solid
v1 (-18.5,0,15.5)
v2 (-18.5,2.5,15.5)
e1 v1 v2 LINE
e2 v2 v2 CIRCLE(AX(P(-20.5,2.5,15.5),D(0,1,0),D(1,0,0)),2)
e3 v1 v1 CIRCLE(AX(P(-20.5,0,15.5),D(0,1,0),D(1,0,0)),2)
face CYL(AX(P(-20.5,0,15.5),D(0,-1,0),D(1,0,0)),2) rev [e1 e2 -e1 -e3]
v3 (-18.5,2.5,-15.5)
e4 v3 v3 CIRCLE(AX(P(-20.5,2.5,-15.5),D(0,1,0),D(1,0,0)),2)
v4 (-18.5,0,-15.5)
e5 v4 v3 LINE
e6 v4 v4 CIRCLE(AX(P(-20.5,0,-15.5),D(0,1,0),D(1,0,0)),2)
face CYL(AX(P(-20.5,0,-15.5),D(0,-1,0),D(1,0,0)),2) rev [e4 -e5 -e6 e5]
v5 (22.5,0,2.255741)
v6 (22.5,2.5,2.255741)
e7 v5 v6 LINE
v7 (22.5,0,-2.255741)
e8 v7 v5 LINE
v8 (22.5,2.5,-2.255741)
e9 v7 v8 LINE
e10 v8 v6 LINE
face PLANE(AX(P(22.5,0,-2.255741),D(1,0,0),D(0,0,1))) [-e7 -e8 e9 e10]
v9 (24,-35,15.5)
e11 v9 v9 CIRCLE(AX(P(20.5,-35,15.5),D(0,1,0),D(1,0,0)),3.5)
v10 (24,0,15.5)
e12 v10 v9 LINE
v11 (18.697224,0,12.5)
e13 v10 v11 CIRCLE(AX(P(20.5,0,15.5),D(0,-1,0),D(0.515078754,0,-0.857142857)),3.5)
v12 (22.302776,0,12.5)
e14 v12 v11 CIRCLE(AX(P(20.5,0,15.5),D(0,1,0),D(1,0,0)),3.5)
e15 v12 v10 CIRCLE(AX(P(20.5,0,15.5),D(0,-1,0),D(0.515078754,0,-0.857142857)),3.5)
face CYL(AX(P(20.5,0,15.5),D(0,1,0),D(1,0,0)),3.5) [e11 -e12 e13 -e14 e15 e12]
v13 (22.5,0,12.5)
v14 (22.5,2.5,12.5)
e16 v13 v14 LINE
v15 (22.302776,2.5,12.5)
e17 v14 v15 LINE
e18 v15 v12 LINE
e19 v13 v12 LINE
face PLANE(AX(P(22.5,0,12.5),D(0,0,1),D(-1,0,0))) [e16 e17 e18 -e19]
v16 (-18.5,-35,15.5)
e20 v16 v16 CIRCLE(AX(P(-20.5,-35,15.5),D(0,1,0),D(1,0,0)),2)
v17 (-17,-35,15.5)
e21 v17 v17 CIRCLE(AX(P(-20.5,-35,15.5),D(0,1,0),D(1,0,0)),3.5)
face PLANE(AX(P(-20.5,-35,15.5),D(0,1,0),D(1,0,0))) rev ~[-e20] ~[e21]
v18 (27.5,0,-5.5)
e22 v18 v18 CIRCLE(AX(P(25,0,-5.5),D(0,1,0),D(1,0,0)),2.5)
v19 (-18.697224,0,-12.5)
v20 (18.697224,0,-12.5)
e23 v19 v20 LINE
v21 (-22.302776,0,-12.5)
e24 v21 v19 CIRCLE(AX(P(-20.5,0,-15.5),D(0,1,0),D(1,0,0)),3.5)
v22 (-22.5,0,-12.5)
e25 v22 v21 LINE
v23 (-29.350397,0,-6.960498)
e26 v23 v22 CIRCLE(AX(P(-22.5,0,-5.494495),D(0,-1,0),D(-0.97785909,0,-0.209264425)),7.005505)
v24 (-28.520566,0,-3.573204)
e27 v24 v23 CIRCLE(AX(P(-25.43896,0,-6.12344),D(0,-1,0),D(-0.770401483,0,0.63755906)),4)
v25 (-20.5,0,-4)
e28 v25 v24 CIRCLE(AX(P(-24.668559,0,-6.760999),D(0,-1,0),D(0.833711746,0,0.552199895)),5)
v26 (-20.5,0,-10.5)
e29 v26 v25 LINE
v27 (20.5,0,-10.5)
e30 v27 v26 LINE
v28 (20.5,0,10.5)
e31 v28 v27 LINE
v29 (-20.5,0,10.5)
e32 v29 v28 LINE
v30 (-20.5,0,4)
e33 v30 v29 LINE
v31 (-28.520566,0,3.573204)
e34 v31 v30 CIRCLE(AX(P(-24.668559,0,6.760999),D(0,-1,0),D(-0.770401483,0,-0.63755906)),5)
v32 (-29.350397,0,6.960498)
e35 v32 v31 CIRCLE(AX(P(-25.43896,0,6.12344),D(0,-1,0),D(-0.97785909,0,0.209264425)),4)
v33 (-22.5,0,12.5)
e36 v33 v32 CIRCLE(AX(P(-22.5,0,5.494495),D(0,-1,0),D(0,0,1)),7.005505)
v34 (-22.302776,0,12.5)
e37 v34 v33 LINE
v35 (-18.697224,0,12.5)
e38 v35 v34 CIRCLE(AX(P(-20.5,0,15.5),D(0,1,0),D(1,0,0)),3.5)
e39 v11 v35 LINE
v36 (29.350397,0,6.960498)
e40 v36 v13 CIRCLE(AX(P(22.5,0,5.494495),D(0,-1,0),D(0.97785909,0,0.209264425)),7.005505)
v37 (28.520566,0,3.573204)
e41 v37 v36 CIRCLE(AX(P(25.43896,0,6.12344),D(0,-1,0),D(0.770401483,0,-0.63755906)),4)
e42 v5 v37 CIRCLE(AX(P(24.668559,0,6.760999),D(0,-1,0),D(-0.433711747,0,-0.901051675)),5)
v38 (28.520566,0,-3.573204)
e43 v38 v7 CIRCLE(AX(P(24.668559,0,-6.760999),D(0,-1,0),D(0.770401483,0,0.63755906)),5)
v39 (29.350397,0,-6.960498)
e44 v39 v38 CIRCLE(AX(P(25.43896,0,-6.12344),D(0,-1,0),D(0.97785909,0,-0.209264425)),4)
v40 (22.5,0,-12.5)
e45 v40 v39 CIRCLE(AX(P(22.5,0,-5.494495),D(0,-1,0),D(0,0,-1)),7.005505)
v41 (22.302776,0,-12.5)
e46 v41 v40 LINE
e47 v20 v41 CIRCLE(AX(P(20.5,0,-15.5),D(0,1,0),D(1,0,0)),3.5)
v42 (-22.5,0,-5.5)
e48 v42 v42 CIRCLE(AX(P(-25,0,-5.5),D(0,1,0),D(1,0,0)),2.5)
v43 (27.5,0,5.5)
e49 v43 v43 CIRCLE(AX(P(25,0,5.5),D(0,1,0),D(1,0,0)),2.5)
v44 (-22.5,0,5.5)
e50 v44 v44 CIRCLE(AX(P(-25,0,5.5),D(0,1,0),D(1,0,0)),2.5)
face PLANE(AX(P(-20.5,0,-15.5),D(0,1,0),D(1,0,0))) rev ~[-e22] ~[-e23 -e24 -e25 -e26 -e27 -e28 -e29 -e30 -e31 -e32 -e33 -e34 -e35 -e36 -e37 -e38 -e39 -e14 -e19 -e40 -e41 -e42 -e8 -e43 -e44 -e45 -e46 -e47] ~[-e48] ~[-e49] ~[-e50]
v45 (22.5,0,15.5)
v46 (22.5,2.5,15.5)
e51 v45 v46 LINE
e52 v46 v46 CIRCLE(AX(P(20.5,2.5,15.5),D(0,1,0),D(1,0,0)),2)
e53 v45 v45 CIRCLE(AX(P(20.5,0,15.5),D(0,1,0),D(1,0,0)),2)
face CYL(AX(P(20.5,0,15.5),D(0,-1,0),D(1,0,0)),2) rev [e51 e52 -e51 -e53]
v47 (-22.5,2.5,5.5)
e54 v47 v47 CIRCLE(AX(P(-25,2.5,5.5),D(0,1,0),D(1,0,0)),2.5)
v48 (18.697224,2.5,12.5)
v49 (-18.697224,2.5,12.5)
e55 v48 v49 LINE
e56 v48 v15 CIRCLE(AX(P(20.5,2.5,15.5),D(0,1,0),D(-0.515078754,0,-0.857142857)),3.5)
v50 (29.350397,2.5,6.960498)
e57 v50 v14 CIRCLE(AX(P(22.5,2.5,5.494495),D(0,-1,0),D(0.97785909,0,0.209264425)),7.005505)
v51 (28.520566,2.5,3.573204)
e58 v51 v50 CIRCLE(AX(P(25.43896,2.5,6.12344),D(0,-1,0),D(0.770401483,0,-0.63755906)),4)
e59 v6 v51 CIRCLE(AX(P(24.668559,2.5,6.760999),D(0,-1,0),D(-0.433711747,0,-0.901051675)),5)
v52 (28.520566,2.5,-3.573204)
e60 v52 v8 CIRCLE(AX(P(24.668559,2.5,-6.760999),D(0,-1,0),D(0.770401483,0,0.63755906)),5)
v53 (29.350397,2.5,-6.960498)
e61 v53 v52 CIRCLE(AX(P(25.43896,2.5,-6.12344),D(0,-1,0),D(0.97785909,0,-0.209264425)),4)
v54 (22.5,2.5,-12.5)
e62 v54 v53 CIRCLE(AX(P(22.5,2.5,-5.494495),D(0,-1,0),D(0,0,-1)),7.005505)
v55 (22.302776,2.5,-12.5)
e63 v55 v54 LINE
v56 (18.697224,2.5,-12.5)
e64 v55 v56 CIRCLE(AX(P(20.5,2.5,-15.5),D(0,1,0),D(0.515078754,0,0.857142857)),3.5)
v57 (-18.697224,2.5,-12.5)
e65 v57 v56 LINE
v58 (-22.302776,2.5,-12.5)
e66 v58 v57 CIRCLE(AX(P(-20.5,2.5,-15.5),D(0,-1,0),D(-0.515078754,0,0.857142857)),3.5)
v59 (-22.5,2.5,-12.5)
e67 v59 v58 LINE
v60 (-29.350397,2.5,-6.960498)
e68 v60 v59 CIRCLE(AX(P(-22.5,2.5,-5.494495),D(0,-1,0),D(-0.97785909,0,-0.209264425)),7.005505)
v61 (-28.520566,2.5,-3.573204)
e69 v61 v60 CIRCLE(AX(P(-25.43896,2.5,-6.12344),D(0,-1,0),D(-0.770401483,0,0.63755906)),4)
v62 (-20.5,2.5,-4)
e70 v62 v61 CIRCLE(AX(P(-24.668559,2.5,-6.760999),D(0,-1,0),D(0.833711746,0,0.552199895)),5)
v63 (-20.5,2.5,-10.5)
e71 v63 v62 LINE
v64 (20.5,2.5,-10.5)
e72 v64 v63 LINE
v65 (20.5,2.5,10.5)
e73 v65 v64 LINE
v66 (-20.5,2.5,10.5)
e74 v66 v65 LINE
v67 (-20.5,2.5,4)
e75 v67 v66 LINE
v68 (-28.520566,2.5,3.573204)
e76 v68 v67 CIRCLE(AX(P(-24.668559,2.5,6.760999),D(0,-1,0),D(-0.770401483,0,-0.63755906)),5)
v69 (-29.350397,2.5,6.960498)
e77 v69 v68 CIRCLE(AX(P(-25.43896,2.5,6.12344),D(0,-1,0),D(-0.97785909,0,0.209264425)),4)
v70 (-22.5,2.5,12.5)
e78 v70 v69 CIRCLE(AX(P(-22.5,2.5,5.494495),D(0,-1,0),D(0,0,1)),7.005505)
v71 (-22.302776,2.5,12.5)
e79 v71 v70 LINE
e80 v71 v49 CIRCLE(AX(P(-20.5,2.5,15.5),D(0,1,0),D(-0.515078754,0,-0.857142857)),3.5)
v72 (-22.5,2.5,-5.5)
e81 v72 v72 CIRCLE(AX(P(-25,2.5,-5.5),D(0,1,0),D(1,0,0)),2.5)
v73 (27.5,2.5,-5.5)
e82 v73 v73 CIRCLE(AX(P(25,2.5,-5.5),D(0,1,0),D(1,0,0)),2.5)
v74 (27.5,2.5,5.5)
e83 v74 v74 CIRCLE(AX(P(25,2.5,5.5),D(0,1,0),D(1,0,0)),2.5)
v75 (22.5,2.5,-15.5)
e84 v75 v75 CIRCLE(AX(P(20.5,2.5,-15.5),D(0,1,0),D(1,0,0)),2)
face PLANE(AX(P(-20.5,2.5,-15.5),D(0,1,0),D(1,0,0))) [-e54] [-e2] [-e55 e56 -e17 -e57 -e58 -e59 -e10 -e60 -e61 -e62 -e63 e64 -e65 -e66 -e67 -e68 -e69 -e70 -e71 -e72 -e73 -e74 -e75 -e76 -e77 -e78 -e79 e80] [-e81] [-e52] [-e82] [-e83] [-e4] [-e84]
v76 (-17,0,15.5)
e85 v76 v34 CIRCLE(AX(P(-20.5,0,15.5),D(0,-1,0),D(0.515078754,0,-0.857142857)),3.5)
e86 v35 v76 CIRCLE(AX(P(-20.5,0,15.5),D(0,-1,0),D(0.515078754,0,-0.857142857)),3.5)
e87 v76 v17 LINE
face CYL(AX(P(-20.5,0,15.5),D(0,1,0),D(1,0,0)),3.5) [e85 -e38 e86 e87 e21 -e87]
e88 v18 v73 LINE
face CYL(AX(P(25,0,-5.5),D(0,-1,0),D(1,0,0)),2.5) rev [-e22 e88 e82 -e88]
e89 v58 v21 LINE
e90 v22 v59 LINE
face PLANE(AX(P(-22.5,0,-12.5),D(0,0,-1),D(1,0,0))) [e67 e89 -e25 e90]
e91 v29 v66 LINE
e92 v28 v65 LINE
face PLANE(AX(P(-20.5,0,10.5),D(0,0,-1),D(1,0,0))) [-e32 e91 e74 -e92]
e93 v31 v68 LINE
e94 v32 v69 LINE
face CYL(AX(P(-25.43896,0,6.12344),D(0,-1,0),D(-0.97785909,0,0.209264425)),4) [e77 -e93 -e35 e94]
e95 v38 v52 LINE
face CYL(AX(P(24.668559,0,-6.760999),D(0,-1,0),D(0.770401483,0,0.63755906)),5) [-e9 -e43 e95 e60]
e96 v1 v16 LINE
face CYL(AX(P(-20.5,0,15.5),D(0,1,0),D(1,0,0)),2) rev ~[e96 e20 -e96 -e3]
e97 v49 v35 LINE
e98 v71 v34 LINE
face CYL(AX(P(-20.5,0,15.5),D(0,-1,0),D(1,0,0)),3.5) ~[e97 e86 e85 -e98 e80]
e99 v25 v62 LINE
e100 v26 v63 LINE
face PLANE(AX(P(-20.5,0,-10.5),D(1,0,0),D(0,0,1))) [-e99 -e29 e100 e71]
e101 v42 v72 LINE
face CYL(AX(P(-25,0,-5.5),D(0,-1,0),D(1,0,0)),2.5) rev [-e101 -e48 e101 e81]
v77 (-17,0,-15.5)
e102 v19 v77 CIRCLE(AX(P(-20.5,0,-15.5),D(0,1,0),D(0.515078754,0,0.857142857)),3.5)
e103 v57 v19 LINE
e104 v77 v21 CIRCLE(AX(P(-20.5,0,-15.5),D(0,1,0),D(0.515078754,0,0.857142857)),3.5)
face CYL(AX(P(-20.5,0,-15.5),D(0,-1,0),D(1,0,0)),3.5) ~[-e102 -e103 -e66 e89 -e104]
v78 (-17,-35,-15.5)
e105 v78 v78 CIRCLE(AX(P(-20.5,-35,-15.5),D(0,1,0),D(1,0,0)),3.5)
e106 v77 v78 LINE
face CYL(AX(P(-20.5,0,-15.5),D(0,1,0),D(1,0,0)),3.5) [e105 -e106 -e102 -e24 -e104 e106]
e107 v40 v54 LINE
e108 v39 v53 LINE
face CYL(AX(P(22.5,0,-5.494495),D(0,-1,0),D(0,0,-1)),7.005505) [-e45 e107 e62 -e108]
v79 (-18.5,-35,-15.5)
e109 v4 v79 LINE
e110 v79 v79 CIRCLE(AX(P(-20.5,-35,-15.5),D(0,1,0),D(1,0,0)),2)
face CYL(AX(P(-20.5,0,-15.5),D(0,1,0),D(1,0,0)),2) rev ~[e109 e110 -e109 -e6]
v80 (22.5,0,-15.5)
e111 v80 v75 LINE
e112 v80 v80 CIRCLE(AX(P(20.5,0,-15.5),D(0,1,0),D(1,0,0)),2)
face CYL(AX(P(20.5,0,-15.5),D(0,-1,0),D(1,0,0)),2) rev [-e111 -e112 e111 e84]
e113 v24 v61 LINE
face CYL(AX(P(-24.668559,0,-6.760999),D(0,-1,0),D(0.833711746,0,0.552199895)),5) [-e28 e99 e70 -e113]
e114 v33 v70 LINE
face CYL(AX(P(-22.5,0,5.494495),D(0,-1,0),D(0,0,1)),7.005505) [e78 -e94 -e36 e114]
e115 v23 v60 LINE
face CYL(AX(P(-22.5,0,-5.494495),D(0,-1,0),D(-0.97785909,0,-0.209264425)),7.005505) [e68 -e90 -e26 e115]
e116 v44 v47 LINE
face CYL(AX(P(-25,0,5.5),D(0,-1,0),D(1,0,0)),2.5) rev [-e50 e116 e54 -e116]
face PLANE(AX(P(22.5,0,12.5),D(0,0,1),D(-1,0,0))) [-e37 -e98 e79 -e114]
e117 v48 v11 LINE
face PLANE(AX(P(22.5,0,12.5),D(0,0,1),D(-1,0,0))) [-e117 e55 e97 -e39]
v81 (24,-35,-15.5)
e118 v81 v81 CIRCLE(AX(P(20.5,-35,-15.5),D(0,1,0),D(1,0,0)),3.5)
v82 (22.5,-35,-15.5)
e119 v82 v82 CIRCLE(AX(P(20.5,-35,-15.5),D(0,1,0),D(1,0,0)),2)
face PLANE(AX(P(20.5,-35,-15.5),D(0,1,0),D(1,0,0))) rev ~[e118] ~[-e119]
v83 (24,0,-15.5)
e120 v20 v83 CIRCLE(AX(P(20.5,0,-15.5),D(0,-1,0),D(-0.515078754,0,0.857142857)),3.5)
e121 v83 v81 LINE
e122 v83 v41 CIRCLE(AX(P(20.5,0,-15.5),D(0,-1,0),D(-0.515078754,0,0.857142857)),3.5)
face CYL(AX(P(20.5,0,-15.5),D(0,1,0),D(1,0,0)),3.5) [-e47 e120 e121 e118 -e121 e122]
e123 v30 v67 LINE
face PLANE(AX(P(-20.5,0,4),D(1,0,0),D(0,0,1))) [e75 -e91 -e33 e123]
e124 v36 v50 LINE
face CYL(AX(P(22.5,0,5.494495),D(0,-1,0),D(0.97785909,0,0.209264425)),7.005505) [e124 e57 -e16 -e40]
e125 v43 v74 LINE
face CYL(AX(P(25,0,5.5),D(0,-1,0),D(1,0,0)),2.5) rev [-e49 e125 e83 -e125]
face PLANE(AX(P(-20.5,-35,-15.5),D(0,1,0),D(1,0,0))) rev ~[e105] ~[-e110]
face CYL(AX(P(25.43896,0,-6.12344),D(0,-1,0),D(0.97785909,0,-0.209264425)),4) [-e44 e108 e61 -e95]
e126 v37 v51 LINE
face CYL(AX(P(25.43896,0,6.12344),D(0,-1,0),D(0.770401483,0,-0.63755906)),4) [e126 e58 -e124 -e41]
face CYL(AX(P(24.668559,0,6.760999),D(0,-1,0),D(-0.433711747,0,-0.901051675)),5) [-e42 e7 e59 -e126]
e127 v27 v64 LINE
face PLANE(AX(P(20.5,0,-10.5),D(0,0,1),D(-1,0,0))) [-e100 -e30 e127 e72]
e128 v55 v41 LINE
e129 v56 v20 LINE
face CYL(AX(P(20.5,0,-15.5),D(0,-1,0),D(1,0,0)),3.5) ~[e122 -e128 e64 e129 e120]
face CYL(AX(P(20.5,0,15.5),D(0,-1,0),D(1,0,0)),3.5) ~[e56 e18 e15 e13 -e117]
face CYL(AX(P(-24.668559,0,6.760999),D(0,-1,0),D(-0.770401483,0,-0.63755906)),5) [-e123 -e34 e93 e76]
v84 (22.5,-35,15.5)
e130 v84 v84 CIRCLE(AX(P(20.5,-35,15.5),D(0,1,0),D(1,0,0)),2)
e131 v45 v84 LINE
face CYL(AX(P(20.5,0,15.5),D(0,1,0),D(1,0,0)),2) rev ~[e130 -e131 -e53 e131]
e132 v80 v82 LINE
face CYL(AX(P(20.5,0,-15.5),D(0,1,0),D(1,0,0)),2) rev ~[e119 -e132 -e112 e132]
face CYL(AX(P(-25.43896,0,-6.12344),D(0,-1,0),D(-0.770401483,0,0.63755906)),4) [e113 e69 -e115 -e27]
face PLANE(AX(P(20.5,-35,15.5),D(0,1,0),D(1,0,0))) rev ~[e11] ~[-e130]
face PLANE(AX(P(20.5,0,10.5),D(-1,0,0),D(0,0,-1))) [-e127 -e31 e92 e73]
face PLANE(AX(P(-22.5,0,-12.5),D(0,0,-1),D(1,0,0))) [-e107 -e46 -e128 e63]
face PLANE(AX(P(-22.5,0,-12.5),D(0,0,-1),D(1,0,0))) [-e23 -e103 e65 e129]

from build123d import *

# Parameters (mm, degrees)
SKETCH1_R                = 2.5
BOSS_EXTRUDE1_DEPTH      = 2.5
SKETCH4_R                = 3.5
SKETCH4_R_2              = 2
BOSS_EXTRUDE2_DEPTH      = 2.5
BOSS_EXTRUDE2_DEPTH_BACK = 35


with BuildPart() as part:
    # Sketch1 → Boss-Extrude1 (new body)
    with BuildSketch(Plane(origin=(0, 0, 0), x_dir=(1, 0, 0), z_dir=(0, 1, 0))):
        with BuildLine():
            Line((20.5, 10.5), (-20.5, 10.5))
            Line((-20.5, 10.5), (-20.5, 4))
            ThreePointArc((-20.5, 4), (-24.40287122, 1.76806345), (-28.520566145, 3.573204173))
            ThreePointArc((-28.520566145, 3.573204173), (-29.324072849, 5.171652721), (-29.350396575, 6.960498116))
            ThreePointArc((-29.350396575, 6.960498116), (-26.904940816, 10.941842627), (-22.5, 12.5))
            Line((-22.5, 12.5), (22.5, 12.5))
            ThreePointArc((22.5, 12.5), (26.904940816, 10.941842627), (29.350396575, 6.960498116))
            ThreePointArc((29.350396575, 6.960498116), (29.324072849, 5.171652721), (28.520566145, 3.573204173))
            ThreePointArc((28.520566145, 3.573204173), (25.737402548, 1.876578025), (22.5, 2.2557411))
            Line((22.5, 2.2557411), (22.5, -2.2557411))
            ThreePointArc((22.5, -2.2557411), (25.737402548, -1.876578025), (28.520566145, -3.573204173))
            ThreePointArc((28.520566145, -3.573204173), (29.324072849, -5.171652721), (29.350396575, -6.960498116))
            ThreePointArc((29.350396575, -6.960498116), (26.904940816, -10.941842627), (22.5, -12.5))
            Line((22.5, -12.5), (-22.5, -12.5))
            ThreePointArc((-22.5, -12.5), (-26.904940816, -10.941842627), (-29.350396575, -6.960498116))
            ThreePointArc((-29.350396575, -6.960498116), (-29.324072849, -5.171652721), (-28.520566145, -3.573204173))
            ThreePointArc((-28.520566145, -3.573204173), (-24.40287122, -1.76806345), (-20.5, -4))
            Line((-20.5, -4), (-20.5, -10.5))
            Line((-20.5, -10.5), (20.5, -10.5))
            Line((20.5, -10.5), (20.5, 10.5))
        make_face()
        with Locations((-25, 5.5)):
            Circle(SKETCH1_R, mode=Mode.SUBTRACT)
        with Locations((-25, -5.5)):
            Circle(SKETCH1_R, mode=Mode.SUBTRACT)
        with Locations((25, -5.5)):
            Circle(SKETCH1_R, mode=Mode.SUBTRACT)
        with Locations((25, 5.5)):
            Circle(SKETCH1_R, mode=Mode.SUBTRACT)
    extrude(amount=BOSS_EXTRUDE1_DEPTH)

    # Sketch4 → Boss-Extrude2 (add, two sides)
    with BuildSketch(Plane(origin=(0, 0, 0), x_dir=(1, 0, 0), z_dir=(0, 1, 0))) as boss_extrude2_sk:
        with Locations((-20.5, 15.5)):
            Circle(SKETCH4_R)
        with Locations((-20.5, 15.5)):
            Circle(SKETCH4_R_2, mode=Mode.SUBTRACT)
        with Locations((20.5, 15.5)):
            Circle(SKETCH4_R)
        with Locations((20.5, 15.5)):
            Circle(SKETCH4_R_2, mode=Mode.SUBTRACT)
        with Locations((-20.5, -15.5)):
            Circle(SKETCH4_R)
        with Locations((-20.5, -15.5)):
            Circle(SKETCH4_R_2, mode=Mode.SUBTRACT)
        with Locations((20.5, -15.5)):
            Circle(SKETCH4_R)
        with Locations((20.5, -15.5)):
            Circle(SKETCH4_R_2, mode=Mode.SUBTRACT)
    extrude(amount=BOSS_EXTRUDE2_DEPTH)
    extrude(boss_extrude2_sk.sketch, amount=-BOSS_EXTRUDE2_DEPTH_BACK)


solid = part.part
